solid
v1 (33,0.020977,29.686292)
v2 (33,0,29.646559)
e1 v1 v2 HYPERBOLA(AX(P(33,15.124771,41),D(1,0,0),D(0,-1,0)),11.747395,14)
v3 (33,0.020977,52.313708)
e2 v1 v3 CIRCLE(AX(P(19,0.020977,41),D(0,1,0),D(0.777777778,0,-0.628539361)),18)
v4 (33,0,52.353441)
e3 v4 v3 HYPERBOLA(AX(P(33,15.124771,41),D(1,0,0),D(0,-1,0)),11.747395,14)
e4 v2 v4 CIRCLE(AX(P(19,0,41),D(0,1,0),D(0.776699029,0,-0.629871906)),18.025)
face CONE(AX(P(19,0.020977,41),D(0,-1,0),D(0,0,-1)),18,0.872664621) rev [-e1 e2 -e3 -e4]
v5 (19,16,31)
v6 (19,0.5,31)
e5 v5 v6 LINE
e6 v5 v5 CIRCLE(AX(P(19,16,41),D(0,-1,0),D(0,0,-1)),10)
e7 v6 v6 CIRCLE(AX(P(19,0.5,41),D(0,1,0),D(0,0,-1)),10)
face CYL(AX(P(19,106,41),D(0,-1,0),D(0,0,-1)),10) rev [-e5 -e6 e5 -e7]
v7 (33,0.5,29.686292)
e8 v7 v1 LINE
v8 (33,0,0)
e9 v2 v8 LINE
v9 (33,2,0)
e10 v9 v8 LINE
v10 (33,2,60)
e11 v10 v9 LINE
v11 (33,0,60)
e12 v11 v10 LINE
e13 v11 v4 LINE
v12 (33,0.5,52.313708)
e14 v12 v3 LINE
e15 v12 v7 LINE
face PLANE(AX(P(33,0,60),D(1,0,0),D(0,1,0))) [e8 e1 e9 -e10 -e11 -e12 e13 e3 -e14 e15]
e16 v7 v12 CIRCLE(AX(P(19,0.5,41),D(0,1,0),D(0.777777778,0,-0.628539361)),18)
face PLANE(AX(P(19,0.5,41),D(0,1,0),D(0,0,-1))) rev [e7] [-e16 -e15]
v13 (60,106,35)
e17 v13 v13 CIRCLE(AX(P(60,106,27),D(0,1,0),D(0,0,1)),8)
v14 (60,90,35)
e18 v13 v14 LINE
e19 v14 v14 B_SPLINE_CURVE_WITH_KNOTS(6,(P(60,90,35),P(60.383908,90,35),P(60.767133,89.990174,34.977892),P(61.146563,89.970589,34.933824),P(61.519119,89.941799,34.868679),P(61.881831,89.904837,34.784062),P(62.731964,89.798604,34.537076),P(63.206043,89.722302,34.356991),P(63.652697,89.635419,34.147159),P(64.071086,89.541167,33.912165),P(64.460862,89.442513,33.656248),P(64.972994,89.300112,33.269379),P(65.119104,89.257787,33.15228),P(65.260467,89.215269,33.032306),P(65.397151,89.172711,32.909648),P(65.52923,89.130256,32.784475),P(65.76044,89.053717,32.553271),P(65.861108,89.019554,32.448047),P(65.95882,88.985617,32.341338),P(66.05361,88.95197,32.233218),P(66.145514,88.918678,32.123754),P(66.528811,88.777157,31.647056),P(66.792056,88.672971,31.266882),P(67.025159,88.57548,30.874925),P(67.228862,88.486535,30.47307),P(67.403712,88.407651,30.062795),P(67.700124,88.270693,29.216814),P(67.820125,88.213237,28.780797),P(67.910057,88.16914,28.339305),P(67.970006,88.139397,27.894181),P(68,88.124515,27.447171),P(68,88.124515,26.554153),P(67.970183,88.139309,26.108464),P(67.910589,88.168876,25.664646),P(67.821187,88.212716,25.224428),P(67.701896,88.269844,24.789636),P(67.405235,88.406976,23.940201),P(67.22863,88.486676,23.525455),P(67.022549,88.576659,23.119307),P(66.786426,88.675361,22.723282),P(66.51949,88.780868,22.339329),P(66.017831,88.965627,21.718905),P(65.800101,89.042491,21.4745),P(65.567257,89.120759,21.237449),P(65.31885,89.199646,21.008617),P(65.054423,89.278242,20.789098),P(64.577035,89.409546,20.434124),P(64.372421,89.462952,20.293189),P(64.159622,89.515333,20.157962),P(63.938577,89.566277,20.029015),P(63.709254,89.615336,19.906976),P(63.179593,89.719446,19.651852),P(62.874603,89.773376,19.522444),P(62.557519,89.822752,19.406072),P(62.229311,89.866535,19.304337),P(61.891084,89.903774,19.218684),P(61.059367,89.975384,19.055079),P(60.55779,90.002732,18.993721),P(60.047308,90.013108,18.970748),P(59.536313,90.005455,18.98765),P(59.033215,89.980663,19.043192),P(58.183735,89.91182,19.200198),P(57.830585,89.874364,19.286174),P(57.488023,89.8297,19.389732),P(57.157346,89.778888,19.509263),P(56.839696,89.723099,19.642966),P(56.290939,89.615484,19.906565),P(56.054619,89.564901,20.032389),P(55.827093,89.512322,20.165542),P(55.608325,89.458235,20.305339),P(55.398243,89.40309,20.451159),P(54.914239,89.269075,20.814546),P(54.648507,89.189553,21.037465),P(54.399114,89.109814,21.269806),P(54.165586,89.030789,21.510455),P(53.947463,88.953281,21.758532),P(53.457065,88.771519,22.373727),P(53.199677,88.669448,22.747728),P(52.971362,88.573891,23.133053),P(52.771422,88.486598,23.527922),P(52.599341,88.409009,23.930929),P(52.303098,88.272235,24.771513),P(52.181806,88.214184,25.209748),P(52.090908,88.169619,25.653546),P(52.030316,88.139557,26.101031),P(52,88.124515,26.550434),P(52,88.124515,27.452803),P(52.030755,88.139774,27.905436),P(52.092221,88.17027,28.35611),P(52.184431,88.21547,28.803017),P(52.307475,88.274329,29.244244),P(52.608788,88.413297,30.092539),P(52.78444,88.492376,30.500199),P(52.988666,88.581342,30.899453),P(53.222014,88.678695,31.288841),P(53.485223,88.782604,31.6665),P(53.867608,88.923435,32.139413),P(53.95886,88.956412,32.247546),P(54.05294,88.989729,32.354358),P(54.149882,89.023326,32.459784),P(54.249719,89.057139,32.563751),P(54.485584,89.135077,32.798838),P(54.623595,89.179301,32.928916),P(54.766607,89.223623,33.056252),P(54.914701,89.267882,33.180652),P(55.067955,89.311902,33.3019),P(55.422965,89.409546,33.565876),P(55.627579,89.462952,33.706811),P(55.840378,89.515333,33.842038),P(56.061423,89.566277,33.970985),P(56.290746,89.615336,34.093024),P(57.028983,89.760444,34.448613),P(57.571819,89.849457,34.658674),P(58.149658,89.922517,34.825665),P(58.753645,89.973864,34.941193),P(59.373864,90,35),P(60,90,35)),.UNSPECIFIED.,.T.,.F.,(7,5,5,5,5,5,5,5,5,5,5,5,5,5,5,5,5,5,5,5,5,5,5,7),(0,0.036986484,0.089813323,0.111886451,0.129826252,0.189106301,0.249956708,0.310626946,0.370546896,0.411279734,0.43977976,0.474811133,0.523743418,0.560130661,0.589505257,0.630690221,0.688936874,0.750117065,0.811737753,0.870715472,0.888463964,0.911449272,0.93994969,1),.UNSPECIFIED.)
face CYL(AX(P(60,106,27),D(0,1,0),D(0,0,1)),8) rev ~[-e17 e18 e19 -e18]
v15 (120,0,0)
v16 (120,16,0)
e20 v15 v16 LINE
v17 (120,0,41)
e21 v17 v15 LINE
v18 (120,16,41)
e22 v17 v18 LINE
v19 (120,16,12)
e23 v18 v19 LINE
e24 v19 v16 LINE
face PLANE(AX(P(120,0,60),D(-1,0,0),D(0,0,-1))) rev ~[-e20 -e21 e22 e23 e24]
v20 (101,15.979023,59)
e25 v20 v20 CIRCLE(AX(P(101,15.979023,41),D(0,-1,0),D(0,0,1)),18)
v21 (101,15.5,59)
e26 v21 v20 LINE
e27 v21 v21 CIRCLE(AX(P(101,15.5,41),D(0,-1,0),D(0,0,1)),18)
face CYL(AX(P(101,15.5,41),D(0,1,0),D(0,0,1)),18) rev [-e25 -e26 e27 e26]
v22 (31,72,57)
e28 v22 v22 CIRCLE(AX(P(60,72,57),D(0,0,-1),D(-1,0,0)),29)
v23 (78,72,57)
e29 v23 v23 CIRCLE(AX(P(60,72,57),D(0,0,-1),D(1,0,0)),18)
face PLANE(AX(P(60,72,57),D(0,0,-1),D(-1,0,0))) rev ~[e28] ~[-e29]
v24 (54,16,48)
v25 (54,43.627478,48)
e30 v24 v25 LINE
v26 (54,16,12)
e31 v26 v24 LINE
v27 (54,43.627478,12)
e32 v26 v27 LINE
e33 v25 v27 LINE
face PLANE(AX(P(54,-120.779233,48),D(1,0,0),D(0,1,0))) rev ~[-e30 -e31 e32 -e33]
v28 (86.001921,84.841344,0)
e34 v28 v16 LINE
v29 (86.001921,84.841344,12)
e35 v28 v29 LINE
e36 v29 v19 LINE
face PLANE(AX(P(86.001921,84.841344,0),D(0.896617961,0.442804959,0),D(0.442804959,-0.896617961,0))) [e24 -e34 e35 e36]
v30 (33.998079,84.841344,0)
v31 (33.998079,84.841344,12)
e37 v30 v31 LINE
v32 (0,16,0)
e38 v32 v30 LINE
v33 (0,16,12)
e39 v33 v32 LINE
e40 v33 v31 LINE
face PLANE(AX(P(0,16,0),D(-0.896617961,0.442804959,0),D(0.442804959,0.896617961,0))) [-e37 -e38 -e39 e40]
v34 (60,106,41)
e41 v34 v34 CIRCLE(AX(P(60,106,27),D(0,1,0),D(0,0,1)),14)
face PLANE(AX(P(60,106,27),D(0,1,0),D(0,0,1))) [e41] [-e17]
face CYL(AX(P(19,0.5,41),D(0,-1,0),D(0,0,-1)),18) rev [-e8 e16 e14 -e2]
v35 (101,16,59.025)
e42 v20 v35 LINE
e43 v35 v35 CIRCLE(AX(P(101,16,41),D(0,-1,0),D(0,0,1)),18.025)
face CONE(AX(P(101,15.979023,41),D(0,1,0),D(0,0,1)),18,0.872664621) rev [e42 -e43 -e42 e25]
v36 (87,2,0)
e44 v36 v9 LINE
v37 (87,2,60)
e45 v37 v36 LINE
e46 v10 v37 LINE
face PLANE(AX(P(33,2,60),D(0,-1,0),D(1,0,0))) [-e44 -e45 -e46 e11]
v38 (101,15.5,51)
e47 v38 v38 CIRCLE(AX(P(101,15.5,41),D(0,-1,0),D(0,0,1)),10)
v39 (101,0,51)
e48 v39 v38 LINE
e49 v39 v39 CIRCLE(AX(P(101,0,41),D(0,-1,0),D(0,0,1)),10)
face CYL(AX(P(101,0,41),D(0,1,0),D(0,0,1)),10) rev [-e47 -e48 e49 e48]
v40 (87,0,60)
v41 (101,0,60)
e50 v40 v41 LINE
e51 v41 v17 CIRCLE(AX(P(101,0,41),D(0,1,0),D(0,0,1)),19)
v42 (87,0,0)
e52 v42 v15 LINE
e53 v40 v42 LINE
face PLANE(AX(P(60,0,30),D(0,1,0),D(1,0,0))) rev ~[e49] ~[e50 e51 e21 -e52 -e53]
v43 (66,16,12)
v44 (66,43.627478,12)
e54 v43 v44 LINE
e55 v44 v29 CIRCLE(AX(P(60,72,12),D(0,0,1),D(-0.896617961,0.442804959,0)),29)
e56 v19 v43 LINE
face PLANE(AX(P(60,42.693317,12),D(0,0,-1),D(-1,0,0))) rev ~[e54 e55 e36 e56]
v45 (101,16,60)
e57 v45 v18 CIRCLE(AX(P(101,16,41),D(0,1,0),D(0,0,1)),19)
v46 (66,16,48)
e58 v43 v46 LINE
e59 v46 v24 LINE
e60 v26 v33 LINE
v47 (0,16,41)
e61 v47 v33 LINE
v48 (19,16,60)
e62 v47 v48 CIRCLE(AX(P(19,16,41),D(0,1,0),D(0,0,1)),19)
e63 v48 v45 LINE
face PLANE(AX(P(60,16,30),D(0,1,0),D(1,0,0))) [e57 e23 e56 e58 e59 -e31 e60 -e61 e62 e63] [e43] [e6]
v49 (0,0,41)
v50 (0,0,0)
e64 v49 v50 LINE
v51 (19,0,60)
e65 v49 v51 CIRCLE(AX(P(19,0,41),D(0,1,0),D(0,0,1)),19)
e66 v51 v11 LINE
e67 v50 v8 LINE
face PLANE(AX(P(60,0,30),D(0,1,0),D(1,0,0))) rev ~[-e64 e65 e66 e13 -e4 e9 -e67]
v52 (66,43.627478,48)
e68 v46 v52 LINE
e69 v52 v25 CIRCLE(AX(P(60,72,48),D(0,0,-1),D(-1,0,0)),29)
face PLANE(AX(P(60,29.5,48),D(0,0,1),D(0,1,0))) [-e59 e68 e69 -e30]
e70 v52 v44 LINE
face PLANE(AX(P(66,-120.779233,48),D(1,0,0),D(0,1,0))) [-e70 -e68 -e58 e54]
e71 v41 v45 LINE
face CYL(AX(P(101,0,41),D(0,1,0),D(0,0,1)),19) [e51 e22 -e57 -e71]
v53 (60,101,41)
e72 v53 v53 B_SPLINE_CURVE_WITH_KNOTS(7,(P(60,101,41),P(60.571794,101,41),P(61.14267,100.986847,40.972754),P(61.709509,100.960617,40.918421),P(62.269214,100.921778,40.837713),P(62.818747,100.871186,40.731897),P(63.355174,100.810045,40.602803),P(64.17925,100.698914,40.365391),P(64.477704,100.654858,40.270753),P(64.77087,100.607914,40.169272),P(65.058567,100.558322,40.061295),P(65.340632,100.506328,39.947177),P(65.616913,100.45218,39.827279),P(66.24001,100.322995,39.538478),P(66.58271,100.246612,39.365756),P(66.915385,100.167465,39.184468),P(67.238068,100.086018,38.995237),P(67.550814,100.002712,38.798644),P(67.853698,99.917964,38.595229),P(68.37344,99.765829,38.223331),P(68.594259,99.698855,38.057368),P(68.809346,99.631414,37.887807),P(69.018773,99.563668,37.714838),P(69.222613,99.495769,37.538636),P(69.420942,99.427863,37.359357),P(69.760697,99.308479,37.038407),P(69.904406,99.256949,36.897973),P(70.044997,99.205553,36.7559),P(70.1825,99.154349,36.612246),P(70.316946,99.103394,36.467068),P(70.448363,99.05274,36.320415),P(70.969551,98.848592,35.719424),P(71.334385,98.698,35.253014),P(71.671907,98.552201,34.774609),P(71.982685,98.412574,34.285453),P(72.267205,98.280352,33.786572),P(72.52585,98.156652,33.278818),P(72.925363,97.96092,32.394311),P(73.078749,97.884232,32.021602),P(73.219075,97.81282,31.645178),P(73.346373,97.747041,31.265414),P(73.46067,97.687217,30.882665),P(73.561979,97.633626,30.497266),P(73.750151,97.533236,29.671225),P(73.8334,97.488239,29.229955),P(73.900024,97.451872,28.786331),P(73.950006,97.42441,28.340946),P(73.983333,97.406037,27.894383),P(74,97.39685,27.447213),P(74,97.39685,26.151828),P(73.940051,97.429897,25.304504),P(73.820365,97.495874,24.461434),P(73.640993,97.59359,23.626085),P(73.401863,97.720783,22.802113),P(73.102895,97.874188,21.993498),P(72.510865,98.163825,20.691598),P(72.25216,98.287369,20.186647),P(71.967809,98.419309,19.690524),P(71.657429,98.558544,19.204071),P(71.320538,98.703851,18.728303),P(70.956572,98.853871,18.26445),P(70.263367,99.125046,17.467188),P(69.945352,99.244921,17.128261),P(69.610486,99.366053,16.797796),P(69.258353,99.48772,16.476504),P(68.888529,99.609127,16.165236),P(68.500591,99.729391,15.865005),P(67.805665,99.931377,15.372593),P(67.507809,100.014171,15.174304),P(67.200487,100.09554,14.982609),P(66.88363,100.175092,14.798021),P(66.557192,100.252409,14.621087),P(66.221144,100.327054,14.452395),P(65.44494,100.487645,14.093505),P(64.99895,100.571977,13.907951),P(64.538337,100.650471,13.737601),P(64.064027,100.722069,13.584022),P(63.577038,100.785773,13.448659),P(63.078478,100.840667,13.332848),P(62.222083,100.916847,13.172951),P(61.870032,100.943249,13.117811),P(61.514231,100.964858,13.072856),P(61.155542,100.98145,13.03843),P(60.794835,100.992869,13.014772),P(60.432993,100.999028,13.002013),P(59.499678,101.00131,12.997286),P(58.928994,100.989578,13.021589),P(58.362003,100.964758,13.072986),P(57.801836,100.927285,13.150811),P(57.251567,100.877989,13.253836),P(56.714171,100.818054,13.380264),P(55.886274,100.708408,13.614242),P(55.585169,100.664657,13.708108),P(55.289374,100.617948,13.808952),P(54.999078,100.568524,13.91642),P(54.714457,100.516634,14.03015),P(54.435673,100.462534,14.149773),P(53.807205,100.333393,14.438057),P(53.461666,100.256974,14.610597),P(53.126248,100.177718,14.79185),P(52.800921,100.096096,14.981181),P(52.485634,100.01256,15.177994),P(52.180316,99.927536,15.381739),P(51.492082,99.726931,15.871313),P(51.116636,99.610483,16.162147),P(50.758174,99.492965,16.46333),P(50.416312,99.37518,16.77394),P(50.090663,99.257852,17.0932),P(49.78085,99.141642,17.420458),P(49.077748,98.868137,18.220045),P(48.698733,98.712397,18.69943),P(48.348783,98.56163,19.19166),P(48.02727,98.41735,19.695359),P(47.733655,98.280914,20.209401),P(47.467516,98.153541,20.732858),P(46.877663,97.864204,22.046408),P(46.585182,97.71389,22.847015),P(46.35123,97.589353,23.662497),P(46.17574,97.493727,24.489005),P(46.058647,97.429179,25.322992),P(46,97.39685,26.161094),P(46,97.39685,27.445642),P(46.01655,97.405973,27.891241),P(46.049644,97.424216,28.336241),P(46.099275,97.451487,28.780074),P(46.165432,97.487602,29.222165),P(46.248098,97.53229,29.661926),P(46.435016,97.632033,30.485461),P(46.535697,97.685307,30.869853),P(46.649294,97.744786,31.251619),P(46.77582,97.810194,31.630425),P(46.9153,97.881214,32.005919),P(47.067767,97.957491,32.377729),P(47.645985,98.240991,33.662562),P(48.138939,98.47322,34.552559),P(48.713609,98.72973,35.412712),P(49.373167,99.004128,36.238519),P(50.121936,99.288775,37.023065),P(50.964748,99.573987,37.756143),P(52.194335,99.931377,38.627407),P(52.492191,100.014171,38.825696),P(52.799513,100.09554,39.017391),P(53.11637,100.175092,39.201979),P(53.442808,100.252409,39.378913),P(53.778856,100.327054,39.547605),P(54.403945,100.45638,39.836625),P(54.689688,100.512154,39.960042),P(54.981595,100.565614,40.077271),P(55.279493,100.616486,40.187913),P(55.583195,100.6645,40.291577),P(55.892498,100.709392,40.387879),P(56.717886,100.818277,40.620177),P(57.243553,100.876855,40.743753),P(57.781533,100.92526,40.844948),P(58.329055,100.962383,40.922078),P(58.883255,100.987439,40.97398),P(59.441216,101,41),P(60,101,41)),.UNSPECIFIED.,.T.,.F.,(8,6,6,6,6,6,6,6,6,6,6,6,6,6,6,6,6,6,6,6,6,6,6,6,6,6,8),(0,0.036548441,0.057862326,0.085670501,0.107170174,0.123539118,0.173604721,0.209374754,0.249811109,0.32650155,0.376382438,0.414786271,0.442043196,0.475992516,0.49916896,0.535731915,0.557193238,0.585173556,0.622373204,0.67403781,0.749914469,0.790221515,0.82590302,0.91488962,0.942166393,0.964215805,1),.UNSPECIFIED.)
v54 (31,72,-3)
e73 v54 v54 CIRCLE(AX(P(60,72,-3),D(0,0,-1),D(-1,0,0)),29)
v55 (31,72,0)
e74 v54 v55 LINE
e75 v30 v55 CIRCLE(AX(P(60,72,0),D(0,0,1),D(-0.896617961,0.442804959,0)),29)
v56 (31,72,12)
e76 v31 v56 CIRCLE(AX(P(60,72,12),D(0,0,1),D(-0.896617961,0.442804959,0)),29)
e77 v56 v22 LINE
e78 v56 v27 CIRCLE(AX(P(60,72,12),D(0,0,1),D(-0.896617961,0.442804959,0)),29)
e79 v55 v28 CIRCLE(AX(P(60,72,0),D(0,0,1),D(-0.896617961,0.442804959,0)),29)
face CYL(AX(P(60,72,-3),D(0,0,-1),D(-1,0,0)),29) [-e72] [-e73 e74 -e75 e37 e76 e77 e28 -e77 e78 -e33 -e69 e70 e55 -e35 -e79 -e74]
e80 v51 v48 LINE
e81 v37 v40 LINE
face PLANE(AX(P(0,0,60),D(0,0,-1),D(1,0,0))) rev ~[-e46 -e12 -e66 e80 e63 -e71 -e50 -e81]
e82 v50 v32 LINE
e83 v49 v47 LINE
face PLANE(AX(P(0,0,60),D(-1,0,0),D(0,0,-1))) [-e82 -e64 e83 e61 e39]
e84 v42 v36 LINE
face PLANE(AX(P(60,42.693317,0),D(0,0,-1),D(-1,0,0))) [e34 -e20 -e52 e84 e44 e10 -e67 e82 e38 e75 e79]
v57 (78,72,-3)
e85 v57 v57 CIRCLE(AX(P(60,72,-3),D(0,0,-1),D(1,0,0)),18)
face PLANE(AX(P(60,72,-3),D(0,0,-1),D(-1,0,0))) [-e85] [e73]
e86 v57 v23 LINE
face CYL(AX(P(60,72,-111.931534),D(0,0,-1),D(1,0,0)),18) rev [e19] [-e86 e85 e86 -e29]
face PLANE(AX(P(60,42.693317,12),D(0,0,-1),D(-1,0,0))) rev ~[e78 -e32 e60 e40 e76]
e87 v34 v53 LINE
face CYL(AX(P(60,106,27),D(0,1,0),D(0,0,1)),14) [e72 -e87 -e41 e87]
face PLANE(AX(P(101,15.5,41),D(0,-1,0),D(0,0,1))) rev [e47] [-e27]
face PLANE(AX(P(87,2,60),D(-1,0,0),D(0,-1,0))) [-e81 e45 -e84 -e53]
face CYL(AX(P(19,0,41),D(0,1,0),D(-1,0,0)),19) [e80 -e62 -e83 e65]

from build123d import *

# Parameters (mm, degrees)
SKETCH_3_W               = 120
SKETCH_3_H               = 60
EXTRUDE_2_DEPTH          = 16
FILLET_3_R               = 19
SKETCH_4_R               = 29
EXTRUDE_3_DEPTH          = 60
CUT_EXTRUDE_1_DEPTH      = 168.931533668
CUT_EXTRUDE_1_DEPTH_BACK = 168.931533668
SKETCH_5_R               = 18
EXTRUDE_4_REACH          = 172.985
EXTRUDE_4_END_RADIUS     = 29
SKETCH_9_R               = 14
CUT_EXTRUDE_2_REACH      = 172.985
CUT_EXTRUDE_2_END_RADIUS = 18
SKETCH_10_R              = 8
EXTRUDE_8_DEPTH          = 12
RIB_26_REACH             = 137.779
SKETCH_14_WALL_W         = 300.558465316
SKETCH_14_WALL_H         = 12
CUT_EXTRUDE_3_DEPTH      = 173.06103578


with BuildPart() as part:
    # 草图3 → 凸台-拉伸2 (new body)
    with BuildSketch(Plane(origin=(0, 0, 0), x_dir=(1, 0, 0), z_dir=(0, 1, 0))):
        with Locations((60, -30)):
            Rectangle(SKETCH_3_W, SKETCH_3_H)
    extrude(amount=EXTRUDE_2_DEPTH)

    # 圆角3
    fillet_3_edges = [part.edges().sort_by_distance(p)[0] for p in [
        (120, 8, 60),
        (0, 8, 60),
    ]]
    fillet(fillet_3_edges, radius=FILLET_3_R)



with BuildPart() as body_2:
    # 草图4 → 凸台-拉伸3 (new body)
    with BuildSketch(Plane(origin=(0, 0, -3), x_dir=(-1, 0, 0), z_dir=(0, 0, -1))):
        with Locations((-60, 72)):
            Circle(SKETCH_4_R)
    extrude(amount=-EXTRUDE_3_DEPTH)

    # 草图5 → 切除-拉伸1 (cut, two sides: drawn at the far end of the back side and taken through both)
    with BuildSketch(Plane.XY.offset(57).offset(-CUT_EXTRUDE_1_DEPTH_BACK)):
        with Locations((60, 72)):
            Circle(SKETCH_5_R)
    extrude(amount=CUT_EXTRUDE_1_DEPTH + CUT_EXTRUDE_1_DEPTH_BACK, mode=Mode.SUBTRACT)

    # 凸台-拉伸4: up to this cylinder (the profile starts outside it)
    extrude_4_end = Plane(origin=(60, 72, 27), z_dir=(0, 0, -1)) * Cylinder(EXTRUDE_4_END_RADIUS, 404.97, mode=Mode.PRIVATE)
    # 草图9 → 凸台-拉伸4 (add, up to the surface)
    with BuildSketch(Plane(origin=(0, 106, 0), x_dir=(1, 0, 0), z_dir=(0, 1, 0)), mode=Mode.PRIVATE) as extrude_4_sk1:
        with Locations(Location((60, -27, 0), (0, 0, 270))):
            Circle(SKETCH_9_R)
    extrude_4_tool1 = extrude(extrude_4_sk1.sketch, amount=-EXTRUDE_4_REACH, mode=Mode.PRIVATE) - extrude_4_end
    add(extrude_4_tool1.solids().sort_by_distance((60, 106, 27))[0])

    # 切除-拉伸2: up to this cylinder (the profile starts outside it)
    cut_extrude_2_end = Plane(origin=(60, 72, 27), z_dir=(0, 0, 1)) * Cylinder(CUT_EXTRUDE_2_END_RADIUS, 382.97, mode=Mode.PRIVATE)
    # 草图10 → 切除-拉伸2 (cut, up to the surface)
    with BuildSketch(Plane(origin=(0, 106, 0), x_dir=(1, 0, 0), z_dir=(0, 1, 0)), mode=Mode.PRIVATE) as cut_extrude_2_sk1:
        with Locations(Location((60, -27, 0), (0, 0, 270))):
            Circle(SKETCH_10_R)
    cut_extrude_2_tool1 = extrude(cut_extrude_2_sk1.sketch, amount=-CUT_EXTRUDE_2_REACH, mode=Mode.PRIVATE) - cut_extrude_2_end
    add(cut_extrude_2_tool1.solids().sort_by_distance((60, 106, 27))[0], mode=Mode.SUBTRACT)


with BuildPart() as part_1:
    add(part.part)

    add(body_2.part)  # 凸台-拉伸8 merges body 2
    # 草图11 → 凸台-拉伸8 (add)
    with BuildSketch(Plane.XY):
        with BuildLine():
            ThreePointArc((33.99807912, 84.841343799), (60, 43), (86.00192088, 84.841343799))
            Line((86.00192088, 84.841343799), (120, 16))
            Line((120, 16), (0, 16))
            Line((0, 16), (33.99807912, 84.841343799))
        make_face()
    extrude(amount=EXTRUDE_8_DEPTH)

    # 草图14 wall → 筋26 (add, up to next)
    with BuildSketch(Plane(origin=(60, 29.5, 48), x_dir=(0, 1, 0), z_dir=(0, 0, 1)), mode=Mode.PRIVATE) as rib_26_sk1:
        Rectangle(SKETCH_14_WALL_W, SKETCH_14_WALL_H)
    rib_26_tool1 = extrude(rib_26_sk1.sketch, amount=-RIB_26_REACH, mode=Mode.PRIVATE) - part_1.part
    add(rib_26_tool1.solids().sort_by_distance((60, 29.5, 48))[0])

    # 草图16 → 切除-拉伸3 (cut, through all)
    with BuildSketch(Plane.XY.offset(60)):
        Polygon((33, 0), (33, 2), (87, 2), (87, 0), (60, 0), align=None)
    extrude(amount=-CUT_EXTRUDE_3_DEPTH, mode=Mode.SUBTRACT)

    # 草图20 → M18 六角头螺栓C级的柱形沉头孔1 (revolve, cut)
    with BuildSketch(Plane(origin=(101, 16, 41), x_dir=(0, 0, 1), z_dir=(1, 0, 0))):
        Polygon((0, 0), (0, 16), (10, 16), (10, 0.5), (18, 0.5), (18, 0.020977491), (18.025, 0), align=None)
    revolve(axis=Axis((101, 22.35, 41), (0, -1, 0)), mode=Mode.SUBTRACT)

    # 草图22 → M18 六角头螺栓C级的柱形沉头孔2 (revolve, cut)
    with BuildSketch(Plane(origin=(19, 0, 41), x_dir=(0, 0, -1), z_dir=(1, 0, 0))):
        Polygon((0, 0), (0, 106), (10, 106), (10, 0.5), (18, 0.5), (18, 0.020977491), (18.025, 0), align=None)
    revolve(axis=Axis((19, -6.35, 41), (0, 1, 0)), mode=Mode.SUBTRACT)


solid = part_1.part
